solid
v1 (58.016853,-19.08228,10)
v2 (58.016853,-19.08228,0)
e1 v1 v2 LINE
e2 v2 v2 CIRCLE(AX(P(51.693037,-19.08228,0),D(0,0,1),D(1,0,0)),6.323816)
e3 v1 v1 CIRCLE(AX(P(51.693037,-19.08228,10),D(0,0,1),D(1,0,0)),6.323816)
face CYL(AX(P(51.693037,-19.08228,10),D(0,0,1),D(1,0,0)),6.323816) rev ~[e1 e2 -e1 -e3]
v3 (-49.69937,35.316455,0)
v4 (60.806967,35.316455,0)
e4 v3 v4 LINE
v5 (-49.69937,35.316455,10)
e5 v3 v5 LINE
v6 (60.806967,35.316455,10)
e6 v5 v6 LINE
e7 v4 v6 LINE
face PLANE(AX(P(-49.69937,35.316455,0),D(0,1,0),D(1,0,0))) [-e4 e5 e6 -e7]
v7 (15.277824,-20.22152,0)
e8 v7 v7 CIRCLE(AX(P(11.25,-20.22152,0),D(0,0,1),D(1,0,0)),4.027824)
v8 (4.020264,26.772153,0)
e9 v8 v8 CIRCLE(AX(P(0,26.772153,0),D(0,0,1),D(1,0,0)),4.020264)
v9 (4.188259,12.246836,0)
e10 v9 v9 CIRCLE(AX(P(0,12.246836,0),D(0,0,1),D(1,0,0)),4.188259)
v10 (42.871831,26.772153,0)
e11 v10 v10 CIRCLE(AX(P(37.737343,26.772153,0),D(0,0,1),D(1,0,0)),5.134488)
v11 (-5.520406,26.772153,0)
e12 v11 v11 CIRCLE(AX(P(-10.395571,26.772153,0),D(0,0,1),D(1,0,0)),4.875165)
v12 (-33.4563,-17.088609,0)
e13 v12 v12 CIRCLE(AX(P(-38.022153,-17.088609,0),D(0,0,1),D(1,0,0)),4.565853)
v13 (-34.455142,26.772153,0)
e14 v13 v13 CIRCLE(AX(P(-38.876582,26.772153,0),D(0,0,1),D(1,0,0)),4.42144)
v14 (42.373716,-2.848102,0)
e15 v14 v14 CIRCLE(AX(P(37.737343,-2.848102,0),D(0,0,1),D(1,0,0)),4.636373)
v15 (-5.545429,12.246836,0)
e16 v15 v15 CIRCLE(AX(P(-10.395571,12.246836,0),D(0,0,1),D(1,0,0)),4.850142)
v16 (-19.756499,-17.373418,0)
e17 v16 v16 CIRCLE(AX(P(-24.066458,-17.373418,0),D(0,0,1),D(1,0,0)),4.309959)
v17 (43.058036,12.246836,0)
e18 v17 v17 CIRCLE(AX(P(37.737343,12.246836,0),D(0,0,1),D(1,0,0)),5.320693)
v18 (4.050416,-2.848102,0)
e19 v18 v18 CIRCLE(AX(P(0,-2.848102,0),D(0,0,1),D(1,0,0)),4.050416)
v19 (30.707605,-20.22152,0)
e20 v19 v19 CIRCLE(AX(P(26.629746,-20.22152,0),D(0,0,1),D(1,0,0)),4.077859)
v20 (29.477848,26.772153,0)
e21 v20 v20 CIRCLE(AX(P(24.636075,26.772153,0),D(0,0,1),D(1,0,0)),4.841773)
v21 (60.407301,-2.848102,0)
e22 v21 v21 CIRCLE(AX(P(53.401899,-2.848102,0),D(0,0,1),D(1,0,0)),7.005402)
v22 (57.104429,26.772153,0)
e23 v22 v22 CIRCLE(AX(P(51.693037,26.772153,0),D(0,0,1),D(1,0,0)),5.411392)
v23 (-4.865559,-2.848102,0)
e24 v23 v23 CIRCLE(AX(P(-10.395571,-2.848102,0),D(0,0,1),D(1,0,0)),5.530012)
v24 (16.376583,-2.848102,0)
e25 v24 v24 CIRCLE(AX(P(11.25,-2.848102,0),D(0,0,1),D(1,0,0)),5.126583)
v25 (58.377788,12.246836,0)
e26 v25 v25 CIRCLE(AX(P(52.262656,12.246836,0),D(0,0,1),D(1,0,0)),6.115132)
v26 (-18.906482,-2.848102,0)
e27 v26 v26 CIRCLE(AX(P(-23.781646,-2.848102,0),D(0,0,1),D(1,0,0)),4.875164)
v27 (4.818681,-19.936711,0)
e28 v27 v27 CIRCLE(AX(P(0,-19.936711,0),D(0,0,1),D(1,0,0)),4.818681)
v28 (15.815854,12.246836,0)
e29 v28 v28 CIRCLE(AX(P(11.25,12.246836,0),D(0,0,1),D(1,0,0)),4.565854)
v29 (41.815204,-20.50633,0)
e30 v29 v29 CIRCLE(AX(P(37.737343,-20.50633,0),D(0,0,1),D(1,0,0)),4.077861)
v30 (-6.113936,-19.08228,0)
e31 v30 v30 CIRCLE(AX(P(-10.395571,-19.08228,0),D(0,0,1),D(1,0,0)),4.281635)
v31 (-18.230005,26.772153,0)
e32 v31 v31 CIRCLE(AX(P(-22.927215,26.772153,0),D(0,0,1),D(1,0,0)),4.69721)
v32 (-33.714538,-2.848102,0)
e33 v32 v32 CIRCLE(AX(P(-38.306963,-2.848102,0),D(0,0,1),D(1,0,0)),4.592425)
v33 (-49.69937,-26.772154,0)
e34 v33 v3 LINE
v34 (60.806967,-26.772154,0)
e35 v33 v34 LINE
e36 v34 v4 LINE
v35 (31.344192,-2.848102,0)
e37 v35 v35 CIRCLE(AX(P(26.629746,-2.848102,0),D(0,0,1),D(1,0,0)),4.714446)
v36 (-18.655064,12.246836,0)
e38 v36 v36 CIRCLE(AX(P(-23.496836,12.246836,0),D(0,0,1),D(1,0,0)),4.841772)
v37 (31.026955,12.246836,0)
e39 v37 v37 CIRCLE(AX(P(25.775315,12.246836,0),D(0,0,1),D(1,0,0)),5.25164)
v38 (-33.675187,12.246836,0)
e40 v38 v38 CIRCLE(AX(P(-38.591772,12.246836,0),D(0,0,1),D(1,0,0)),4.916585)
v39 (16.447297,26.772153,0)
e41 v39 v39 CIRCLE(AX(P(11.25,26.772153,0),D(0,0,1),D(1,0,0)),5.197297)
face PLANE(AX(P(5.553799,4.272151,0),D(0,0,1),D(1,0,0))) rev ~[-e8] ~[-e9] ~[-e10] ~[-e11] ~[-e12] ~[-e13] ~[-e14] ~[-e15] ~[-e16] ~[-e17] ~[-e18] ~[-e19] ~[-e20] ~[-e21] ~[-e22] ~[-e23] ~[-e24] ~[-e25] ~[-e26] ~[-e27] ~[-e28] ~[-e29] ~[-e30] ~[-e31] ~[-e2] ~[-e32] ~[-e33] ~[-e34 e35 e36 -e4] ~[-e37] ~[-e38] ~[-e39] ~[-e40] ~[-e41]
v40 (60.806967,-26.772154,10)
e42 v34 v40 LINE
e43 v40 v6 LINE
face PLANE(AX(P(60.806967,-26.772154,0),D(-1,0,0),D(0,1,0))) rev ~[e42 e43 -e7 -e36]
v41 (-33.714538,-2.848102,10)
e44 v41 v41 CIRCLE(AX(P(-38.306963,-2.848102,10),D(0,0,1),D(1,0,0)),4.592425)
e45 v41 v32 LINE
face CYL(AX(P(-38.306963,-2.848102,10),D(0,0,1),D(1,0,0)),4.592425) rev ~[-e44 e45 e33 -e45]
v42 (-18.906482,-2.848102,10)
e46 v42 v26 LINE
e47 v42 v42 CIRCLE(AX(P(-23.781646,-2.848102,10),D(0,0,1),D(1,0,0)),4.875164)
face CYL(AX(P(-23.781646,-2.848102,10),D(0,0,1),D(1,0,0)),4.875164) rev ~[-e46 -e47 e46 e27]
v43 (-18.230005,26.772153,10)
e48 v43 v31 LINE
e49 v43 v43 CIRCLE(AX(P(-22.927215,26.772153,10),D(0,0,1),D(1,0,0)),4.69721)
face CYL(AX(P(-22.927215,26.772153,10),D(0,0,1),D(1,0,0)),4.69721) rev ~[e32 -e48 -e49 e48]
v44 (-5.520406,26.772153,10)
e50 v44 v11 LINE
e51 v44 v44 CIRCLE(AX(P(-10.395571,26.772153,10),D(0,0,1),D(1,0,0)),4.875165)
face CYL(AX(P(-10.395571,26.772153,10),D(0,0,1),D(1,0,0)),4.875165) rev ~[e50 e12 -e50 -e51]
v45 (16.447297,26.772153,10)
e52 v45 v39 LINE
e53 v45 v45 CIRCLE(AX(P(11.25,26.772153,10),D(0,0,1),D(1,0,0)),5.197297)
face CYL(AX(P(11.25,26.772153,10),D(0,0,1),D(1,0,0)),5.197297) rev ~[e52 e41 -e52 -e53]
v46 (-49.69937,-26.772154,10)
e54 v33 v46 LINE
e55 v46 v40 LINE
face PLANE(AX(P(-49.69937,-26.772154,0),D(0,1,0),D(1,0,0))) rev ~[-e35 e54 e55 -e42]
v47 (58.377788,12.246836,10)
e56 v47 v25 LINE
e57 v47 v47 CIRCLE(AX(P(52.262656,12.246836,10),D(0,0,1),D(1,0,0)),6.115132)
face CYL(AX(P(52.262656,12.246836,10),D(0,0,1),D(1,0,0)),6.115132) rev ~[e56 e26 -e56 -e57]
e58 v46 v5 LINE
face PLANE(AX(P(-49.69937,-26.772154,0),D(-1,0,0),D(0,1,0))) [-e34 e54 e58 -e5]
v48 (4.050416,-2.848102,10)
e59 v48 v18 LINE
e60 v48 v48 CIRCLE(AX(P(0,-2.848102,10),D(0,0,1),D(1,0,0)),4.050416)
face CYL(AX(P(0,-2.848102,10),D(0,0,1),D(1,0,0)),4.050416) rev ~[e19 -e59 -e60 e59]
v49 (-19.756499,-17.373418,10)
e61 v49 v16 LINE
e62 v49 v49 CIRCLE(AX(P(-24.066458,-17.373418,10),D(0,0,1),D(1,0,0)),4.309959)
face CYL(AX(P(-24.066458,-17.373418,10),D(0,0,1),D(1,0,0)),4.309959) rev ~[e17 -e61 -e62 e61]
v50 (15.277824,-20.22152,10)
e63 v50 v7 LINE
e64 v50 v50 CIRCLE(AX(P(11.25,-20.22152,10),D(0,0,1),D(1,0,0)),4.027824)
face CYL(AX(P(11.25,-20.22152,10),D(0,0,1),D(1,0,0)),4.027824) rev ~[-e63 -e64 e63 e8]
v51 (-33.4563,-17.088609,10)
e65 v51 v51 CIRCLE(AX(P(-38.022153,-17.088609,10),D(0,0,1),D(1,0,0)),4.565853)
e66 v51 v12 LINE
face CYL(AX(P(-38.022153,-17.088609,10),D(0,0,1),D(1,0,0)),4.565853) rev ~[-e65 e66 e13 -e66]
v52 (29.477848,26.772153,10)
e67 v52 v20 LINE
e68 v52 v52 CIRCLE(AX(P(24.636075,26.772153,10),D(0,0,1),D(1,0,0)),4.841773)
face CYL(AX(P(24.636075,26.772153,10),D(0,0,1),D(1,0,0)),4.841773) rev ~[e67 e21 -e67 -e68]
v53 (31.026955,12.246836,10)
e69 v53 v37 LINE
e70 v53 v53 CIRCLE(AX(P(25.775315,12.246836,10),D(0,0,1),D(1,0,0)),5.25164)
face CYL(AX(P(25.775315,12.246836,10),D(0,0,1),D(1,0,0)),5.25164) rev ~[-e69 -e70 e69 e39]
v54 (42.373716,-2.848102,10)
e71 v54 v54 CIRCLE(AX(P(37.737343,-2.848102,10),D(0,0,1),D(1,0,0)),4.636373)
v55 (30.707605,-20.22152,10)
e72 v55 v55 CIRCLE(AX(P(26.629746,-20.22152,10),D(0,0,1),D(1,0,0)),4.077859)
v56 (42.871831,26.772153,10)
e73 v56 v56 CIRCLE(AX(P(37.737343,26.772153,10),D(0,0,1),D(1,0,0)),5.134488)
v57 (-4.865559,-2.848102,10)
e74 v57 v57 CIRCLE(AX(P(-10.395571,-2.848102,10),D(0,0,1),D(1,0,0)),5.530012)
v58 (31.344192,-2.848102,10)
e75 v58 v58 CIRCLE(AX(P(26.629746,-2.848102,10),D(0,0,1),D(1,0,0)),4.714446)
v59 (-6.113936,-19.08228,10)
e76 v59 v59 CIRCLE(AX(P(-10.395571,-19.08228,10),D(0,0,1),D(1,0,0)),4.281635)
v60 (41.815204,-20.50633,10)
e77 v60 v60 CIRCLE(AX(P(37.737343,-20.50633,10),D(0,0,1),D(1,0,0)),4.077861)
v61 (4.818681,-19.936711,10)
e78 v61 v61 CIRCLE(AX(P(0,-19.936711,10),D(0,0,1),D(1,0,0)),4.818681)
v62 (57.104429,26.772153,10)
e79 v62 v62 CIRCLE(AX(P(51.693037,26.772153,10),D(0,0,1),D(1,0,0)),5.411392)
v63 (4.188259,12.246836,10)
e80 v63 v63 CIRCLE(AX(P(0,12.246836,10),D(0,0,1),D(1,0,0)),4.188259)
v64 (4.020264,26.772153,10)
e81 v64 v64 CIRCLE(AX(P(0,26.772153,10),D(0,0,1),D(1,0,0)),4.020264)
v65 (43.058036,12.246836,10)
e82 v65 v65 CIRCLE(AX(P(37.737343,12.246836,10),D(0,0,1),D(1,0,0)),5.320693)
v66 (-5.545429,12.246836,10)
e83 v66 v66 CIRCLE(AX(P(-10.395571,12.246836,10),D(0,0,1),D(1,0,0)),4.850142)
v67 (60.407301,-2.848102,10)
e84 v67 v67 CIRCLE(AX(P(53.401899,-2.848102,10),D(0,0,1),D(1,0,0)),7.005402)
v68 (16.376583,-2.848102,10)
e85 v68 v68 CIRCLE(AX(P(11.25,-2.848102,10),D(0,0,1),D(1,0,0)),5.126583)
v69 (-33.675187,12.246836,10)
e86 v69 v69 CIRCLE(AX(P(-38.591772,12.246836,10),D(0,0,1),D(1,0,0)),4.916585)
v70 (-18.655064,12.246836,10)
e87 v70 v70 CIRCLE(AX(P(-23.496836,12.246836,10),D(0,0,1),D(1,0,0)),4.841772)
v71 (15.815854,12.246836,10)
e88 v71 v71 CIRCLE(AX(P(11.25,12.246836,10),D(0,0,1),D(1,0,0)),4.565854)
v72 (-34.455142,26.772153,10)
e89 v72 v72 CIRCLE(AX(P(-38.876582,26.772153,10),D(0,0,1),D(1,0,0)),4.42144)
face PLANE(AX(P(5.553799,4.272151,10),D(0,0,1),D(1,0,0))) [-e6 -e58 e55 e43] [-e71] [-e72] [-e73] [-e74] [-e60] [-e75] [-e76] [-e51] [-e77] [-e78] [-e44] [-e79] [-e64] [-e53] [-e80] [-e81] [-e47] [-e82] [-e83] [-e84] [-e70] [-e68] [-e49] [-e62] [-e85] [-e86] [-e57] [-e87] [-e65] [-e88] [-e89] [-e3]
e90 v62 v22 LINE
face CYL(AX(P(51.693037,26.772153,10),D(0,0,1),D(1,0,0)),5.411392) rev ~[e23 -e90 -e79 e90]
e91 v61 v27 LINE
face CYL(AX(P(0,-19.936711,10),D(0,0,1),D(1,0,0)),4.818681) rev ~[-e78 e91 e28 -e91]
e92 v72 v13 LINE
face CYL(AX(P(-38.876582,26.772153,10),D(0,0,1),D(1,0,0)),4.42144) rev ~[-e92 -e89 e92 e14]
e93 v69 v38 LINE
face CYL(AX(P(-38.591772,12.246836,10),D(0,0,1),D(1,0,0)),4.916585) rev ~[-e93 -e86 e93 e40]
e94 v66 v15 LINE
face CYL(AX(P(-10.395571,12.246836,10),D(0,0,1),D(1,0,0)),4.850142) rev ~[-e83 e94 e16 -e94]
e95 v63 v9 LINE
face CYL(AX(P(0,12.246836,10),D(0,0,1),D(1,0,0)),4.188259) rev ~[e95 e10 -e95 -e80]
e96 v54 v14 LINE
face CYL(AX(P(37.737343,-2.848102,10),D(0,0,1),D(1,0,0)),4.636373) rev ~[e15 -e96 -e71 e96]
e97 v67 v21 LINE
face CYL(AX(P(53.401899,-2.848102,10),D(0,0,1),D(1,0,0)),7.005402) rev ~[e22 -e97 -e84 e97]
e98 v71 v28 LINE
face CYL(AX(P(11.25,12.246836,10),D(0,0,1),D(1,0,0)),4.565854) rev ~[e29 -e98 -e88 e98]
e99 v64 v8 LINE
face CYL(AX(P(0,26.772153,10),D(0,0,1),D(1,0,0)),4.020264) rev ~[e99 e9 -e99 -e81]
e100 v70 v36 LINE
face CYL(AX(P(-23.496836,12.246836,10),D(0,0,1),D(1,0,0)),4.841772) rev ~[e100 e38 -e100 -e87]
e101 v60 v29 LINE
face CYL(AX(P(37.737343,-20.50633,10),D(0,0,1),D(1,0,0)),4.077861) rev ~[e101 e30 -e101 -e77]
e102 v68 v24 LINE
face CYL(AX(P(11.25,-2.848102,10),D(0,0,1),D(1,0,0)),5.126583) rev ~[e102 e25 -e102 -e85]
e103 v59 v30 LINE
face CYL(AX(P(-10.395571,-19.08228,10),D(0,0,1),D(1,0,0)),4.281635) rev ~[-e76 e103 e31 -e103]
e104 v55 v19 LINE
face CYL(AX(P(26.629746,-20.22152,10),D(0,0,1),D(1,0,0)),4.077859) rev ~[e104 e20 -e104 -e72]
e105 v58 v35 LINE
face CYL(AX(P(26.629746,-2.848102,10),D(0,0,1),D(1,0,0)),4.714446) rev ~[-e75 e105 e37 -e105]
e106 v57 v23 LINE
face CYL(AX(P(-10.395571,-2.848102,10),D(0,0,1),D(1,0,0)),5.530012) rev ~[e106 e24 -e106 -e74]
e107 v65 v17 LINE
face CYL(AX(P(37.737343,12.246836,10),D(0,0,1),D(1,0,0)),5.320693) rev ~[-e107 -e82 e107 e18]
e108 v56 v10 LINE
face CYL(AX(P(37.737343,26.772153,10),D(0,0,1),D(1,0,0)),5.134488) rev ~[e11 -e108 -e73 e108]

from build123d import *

# Parameters (mm, degrees)
F0_W     = 110.506337
F0_H     = 62.088609
F1_DEPTH = 10
F2_R     = 4.42144
F2_R_2   = 4.916585
F2_R_3   = 4.592425
F2_R_4   = 4.565853
F2_R_5   = 4.309959
F2_R_6   = 4.875164
F2_R_7   = 4.841772
F2_R_8   = 4.69721
F2_R_9   = 4.875165
F2_R_10  = 4.020264
F2_R_11  = 5.197297
F2_R_12  = 4.841773
F2_R_13  = 5.134488
F2_R_14  = 5.411392
F2_R_15  = 4.850142
F2_R_16  = 5.530012
F2_R_17  = 4.281635
F2_R_18  = 4.188259
F2_R_19  = 4.050416
F2_R_20  = 4.818681
F2_R_21  = 4.565854
F2_R_22  = 5.126583
F2_R_23  = 4.027824
F2_R_24  = 5.25164
F2_R_25  = 4.714446
F2_R_26  = 4.077859
F2_R_27  = 5.320693
F2_R_28  = 4.636373
F2_R_29  = 4.077861
F2_R_30  = 6.115132
F2_R_31  = 7.005402
F2_R_32  = 6.323816
F3_DEPTH = 25


with BuildPart() as f1:
    # F0 (on Top) → F1 (new body)
    with BuildSketch(Plane.XY):
        with Locations((5.553799, 4.272151)):
            Rectangle(F0_W, F0_H)
    extrude(amount=F1_DEPTH)

    # F2 (on face) → F3 (cut)
    with BuildSketch(Plane.XY.offset(10)):
        with Locations((-38.876582, 26.772153)):
            Circle(F2_R)
        with Locations((-38.591772, 12.246836)):
            Circle(F2_R_2)
        with Locations((-38.306963, -2.848102)):
            Circle(F2_R_3)
        with Locations((-38.022153, -17.088609)):
            Circle(F2_R_4)
        with Locations((-24.066458, -17.373418)):
            Circle(F2_R_5)
        with Locations((-23.781646, -2.848102)):
            Circle(F2_R_6)
        with Locations((-23.496836, 12.246836)):
            Circle(F2_R_7)
        with Locations((-22.927215, 26.772153)):
            Circle(F2_R_8)
        with Locations((-10.395571, 26.772153)):
            Circle(F2_R_9)
        with Locations((0, 26.772153)):
            Circle(F2_R_10)
        with Locations((11.25, 26.772153)):
            Circle(F2_R_11)
        with Locations((24.636075, 26.772153)):
            Circle(F2_R_12)
        with Locations((37.737343, 26.772153)):
            Circle(F2_R_13)
        with Locations((51.693037, 26.772153)):
            Circle(F2_R_14)
        with Locations((-10.395571, 12.246836)):
            Circle(F2_R_15)
        with Locations((-10.395571, -2.848102)):
            Circle(F2_R_16)
        with Locations((-10.395571, -19.08228)):
            Circle(F2_R_17)
        with Locations((0, 12.246836)):
            Circle(F2_R_18)
        with Locations((0, -2.848102)):
            Circle(F2_R_19)
        with Locations((0, -19.936711)):
            Circle(F2_R_20)
        with Locations((11.25, 12.246836)):
            Circle(F2_R_21)
        with Locations((11.25, -2.848102)):
            Circle(F2_R_22)
        with Locations((11.25, -20.22152)):
            Circle(F2_R_23)
        with Locations((25.775315, 12.246836)):
            Circle(F2_R_24)
        with Locations((26.629746, -2.848102)):
            Circle(F2_R_25)
        with Locations((26.629746, -20.22152)):
            Circle(F2_R_26)
        with Locations((37.737343, 12.246836)):
            Circle(F2_R_27)
        with Locations((37.737343, -2.848102)):
            Circle(F2_R_28)
        with Locations((37.737343, -20.50633)):
            Circle(F2_R_29)
        with Locations((52.262656, 12.246836)):
            Circle(F2_R_30)
        with Locations((53.401899, -2.848102)):
            Circle(F2_R_31)
        with Locations((51.693037, -19.08228)):
            Circle(F2_R_32)
    extrude(amount=-F3_DEPTH, mode=Mode.SUBTRACT)


solid = f1.part
